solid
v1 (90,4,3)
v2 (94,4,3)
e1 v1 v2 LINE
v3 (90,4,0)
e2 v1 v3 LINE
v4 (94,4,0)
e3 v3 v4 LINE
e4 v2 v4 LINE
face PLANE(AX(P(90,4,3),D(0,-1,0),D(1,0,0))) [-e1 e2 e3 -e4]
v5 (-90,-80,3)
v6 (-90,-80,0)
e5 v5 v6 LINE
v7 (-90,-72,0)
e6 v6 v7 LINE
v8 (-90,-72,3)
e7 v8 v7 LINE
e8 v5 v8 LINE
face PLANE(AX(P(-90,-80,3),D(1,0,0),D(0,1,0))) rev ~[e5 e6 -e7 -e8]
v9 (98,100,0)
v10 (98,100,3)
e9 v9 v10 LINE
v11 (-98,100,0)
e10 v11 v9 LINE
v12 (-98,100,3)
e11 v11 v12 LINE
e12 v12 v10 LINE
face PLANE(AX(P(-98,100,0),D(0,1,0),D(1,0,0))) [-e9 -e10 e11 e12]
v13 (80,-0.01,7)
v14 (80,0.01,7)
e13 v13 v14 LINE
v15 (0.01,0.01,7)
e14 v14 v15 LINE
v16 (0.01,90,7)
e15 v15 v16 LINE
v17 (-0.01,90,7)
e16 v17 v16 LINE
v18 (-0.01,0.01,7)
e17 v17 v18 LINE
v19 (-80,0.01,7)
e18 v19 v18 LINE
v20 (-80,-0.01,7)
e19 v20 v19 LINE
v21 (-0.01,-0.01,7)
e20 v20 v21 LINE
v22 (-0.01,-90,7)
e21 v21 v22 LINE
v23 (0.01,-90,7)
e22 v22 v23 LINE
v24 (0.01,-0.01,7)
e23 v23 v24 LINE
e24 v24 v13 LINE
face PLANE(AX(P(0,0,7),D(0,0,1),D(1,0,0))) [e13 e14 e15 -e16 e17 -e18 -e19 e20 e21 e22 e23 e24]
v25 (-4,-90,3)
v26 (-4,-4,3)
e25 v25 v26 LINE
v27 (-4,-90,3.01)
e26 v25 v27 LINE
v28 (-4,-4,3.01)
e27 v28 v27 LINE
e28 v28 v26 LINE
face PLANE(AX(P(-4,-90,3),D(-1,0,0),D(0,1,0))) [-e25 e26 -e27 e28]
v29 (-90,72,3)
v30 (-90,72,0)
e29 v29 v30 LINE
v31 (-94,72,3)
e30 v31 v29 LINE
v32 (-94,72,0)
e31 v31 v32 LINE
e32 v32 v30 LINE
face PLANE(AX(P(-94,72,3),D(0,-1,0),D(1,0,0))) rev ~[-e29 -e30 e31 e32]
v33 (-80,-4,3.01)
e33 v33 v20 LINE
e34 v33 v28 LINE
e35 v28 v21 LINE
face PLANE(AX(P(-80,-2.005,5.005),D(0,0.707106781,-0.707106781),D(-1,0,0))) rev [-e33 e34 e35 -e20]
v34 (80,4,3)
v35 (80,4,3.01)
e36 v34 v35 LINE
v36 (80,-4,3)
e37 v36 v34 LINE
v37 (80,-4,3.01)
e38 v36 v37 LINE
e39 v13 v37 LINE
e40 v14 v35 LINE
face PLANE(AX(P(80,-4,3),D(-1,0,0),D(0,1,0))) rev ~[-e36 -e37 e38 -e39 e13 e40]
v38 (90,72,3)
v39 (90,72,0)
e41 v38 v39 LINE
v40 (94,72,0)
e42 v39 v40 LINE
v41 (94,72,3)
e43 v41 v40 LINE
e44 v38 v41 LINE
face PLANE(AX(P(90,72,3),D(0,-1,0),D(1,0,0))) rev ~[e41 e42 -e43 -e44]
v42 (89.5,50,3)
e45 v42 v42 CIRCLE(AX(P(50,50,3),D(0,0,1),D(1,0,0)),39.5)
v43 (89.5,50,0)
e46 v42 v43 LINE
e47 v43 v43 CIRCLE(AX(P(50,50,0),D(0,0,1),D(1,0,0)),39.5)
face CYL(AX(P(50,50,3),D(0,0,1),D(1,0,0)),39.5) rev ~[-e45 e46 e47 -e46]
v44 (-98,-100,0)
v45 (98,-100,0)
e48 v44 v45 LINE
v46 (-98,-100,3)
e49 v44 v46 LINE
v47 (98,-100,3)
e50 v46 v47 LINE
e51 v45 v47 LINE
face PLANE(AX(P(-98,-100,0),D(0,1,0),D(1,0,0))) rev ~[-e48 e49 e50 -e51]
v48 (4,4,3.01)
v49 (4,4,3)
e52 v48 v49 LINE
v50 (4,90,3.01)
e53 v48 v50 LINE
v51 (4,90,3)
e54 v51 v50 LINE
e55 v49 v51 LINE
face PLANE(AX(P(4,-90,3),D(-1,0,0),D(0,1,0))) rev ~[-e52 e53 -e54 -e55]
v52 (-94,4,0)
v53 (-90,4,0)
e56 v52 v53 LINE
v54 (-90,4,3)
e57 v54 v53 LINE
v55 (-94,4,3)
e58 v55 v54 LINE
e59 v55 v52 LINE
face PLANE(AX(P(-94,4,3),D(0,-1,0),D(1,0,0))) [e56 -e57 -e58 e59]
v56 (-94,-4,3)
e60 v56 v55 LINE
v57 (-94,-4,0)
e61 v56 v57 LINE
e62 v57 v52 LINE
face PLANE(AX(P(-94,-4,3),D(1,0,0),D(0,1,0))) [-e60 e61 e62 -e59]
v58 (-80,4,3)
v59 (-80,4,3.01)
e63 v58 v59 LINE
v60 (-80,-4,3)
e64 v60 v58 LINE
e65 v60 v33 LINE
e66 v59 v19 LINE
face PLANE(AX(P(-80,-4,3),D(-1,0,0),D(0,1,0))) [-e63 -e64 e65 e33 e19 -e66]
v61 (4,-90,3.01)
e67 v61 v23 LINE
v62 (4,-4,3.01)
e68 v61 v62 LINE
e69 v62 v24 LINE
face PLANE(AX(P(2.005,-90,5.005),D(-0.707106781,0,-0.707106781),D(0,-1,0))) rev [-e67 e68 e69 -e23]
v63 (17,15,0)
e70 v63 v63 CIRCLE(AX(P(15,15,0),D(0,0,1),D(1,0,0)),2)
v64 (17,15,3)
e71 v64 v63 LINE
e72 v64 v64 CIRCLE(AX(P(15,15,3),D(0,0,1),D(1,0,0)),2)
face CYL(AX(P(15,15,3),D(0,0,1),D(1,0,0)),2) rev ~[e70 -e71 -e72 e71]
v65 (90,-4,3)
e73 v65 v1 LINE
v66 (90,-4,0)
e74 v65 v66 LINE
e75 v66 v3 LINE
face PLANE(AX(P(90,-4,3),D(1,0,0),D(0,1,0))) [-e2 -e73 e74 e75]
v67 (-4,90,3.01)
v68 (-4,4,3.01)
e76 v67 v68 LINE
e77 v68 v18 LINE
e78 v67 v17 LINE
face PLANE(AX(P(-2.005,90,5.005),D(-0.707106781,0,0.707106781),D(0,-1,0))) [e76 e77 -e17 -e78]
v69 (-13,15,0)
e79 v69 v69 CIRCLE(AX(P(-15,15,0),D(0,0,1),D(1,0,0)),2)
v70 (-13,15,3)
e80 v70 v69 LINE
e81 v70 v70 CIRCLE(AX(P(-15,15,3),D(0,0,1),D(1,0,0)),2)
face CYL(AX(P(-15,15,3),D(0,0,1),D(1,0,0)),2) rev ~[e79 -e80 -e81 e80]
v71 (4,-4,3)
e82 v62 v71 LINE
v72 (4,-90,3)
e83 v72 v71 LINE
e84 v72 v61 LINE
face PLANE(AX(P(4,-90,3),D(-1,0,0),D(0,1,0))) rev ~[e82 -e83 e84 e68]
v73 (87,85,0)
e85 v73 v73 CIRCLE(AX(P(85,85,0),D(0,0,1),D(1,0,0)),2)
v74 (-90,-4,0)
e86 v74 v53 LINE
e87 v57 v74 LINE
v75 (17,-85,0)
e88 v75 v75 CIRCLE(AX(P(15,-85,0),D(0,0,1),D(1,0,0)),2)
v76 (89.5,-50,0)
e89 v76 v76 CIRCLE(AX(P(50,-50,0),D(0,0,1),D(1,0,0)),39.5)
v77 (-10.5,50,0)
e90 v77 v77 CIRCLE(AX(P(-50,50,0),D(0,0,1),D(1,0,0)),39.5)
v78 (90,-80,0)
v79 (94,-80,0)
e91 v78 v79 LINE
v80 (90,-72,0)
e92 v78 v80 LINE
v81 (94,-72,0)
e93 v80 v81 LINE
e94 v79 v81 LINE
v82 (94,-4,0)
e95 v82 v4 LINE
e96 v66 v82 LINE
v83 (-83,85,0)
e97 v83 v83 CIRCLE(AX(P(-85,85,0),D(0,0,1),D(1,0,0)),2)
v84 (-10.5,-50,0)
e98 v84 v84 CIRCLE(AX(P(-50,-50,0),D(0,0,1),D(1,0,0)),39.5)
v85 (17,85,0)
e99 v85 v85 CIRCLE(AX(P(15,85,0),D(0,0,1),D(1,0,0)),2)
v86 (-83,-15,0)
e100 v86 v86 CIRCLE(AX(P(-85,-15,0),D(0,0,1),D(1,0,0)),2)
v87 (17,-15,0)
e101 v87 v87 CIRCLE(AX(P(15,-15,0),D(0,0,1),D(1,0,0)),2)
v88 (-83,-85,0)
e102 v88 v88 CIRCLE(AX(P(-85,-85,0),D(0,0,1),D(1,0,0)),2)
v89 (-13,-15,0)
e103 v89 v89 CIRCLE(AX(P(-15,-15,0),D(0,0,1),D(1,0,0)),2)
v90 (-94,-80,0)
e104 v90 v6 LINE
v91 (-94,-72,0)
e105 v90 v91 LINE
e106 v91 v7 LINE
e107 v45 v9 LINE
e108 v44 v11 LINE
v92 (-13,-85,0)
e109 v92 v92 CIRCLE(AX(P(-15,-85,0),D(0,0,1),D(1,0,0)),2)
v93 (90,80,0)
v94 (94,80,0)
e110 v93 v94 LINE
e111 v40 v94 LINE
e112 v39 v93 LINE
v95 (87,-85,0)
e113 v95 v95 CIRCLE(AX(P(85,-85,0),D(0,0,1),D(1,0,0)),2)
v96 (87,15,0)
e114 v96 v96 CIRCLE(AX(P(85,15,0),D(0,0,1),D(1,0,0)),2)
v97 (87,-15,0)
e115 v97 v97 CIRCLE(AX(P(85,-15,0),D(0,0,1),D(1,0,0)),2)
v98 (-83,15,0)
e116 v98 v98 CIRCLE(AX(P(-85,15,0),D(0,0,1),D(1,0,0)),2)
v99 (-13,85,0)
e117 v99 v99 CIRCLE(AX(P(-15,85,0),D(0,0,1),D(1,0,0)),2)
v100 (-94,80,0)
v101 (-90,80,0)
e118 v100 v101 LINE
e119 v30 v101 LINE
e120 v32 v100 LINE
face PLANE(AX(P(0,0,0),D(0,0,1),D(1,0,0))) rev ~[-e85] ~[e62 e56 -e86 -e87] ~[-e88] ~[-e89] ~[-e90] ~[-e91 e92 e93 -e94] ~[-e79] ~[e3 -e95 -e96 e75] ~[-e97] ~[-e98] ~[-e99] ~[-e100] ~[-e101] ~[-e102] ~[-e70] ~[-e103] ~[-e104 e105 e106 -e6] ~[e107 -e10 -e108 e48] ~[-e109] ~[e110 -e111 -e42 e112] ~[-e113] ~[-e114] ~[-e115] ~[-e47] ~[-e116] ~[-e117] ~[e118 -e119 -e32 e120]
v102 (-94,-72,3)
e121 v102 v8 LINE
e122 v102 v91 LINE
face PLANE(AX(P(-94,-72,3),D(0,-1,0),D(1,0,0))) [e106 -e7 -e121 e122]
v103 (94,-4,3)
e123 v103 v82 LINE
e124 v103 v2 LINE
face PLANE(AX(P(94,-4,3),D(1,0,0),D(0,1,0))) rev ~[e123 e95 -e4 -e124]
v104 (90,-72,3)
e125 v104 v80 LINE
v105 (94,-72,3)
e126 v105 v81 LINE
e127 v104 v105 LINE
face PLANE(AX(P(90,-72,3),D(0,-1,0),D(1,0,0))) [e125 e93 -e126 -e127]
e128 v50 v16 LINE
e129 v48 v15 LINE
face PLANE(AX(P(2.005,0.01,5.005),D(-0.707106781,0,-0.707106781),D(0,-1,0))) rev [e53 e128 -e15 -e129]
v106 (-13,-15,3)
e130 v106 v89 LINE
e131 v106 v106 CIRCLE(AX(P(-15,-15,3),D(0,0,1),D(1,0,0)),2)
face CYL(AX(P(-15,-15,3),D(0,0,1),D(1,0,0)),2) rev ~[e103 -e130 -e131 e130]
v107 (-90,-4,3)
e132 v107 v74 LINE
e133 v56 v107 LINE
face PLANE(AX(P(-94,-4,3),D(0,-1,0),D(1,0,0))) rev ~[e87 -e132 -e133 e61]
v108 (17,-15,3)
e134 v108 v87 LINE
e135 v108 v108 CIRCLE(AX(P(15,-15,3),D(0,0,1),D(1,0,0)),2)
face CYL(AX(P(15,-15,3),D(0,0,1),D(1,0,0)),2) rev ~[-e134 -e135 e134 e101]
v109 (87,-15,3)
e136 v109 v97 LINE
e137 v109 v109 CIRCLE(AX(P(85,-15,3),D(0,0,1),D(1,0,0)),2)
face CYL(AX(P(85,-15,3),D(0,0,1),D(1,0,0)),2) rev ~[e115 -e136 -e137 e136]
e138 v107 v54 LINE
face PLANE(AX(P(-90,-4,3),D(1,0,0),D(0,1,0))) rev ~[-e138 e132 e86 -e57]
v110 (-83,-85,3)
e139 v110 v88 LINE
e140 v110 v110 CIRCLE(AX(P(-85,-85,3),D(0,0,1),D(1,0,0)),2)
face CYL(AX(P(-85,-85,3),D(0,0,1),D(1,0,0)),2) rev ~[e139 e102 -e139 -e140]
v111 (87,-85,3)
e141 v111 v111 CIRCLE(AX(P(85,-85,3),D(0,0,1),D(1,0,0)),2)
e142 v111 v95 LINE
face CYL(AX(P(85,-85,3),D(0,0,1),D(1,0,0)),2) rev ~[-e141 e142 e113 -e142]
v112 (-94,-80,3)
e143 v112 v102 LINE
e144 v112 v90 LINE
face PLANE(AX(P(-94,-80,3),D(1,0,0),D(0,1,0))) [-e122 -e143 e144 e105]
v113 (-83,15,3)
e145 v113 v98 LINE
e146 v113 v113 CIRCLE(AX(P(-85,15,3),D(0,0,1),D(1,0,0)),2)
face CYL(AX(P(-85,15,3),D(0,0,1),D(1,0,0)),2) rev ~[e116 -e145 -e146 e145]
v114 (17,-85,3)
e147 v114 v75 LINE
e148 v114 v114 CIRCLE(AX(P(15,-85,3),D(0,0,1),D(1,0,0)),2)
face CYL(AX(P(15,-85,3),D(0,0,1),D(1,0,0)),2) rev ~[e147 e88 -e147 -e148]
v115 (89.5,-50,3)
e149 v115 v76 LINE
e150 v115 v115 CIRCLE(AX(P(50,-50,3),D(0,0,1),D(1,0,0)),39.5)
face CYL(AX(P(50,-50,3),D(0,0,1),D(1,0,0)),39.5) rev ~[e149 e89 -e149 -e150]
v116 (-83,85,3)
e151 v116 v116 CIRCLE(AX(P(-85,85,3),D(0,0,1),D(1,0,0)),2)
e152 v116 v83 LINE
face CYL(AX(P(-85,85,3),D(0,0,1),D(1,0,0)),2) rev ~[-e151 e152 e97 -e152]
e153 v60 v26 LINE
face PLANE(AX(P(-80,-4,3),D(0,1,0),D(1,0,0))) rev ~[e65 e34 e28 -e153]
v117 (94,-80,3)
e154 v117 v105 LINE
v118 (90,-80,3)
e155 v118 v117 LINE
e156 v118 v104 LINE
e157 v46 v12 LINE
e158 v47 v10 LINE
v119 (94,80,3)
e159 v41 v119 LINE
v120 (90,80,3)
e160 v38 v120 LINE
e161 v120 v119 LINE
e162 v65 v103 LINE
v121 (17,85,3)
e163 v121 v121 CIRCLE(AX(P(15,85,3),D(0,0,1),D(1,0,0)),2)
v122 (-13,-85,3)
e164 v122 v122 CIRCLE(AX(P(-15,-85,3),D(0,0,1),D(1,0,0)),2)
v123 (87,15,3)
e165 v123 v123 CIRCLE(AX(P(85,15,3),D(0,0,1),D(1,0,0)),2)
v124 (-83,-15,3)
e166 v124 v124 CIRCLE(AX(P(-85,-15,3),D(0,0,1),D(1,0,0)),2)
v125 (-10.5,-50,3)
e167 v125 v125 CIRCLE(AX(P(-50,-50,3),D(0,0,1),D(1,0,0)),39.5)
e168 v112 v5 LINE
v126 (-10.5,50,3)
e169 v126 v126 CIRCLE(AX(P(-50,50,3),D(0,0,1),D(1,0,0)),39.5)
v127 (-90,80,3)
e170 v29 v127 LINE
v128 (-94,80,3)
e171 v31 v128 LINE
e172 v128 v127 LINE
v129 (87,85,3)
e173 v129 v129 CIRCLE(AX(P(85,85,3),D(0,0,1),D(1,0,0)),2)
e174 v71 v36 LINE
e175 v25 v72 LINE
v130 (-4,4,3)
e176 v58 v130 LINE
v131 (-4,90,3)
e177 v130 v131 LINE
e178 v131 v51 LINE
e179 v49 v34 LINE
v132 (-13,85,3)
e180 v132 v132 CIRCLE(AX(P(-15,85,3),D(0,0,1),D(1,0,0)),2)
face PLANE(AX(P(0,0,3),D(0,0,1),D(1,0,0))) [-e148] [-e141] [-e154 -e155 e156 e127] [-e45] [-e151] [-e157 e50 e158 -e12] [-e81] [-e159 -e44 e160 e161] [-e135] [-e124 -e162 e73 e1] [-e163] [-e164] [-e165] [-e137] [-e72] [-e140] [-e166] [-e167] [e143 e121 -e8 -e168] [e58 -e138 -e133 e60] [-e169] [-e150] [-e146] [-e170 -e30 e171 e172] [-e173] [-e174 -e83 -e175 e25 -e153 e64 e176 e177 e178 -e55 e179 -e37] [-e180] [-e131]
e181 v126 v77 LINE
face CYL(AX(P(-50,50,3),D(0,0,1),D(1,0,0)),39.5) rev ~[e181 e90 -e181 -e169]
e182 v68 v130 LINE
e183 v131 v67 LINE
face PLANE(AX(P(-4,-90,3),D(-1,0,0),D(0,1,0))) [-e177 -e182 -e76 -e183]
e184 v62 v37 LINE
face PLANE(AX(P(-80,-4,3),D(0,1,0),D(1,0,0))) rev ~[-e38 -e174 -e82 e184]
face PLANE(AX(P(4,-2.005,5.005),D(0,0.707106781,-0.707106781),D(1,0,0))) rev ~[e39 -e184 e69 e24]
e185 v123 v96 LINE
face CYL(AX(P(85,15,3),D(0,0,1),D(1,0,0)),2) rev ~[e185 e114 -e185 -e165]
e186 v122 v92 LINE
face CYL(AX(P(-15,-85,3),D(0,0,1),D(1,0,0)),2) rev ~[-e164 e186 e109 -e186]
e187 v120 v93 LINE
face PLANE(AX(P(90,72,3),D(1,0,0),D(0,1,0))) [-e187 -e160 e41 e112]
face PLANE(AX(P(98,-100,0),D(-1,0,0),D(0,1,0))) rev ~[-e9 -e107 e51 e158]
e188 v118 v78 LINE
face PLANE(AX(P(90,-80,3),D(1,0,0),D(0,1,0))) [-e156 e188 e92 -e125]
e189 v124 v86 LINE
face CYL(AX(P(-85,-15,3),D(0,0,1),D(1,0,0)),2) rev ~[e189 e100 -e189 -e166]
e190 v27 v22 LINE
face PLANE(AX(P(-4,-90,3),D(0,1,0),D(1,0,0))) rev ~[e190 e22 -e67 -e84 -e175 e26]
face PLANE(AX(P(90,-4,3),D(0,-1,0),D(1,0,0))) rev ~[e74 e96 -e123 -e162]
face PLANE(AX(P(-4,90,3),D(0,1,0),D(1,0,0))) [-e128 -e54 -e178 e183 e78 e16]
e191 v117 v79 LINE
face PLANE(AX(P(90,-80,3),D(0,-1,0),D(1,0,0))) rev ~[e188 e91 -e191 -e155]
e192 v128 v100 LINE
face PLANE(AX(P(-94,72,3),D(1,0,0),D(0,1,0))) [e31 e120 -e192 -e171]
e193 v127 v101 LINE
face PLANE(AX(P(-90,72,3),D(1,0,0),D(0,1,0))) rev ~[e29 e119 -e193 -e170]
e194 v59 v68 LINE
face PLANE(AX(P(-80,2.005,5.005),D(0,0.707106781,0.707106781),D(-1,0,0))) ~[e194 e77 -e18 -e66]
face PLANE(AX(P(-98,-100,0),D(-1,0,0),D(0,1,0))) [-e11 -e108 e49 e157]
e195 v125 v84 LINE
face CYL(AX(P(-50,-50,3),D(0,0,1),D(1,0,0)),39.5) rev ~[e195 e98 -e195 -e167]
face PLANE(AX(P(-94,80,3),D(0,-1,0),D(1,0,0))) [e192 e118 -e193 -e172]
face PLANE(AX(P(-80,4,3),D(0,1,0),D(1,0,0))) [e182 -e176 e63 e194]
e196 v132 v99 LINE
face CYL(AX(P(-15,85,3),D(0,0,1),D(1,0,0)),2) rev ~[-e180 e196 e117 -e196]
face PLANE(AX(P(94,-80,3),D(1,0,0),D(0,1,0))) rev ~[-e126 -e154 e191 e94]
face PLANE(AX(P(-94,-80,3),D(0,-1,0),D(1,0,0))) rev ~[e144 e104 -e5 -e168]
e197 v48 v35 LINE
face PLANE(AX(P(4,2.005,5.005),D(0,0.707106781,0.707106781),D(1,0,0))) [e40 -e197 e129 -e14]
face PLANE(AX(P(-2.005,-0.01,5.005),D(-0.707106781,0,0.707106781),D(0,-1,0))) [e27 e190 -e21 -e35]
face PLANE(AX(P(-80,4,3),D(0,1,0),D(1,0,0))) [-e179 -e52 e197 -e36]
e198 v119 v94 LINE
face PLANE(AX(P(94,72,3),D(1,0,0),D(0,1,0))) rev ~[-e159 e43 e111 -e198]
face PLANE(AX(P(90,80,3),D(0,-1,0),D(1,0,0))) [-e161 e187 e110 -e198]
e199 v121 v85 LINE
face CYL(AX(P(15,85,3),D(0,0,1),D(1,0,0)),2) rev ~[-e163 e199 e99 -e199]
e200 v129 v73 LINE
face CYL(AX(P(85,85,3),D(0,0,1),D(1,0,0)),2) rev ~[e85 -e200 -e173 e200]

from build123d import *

# Parameters (mm, degrees)
SKETCH_W        = 196
SKETCH_H        = 200
PAD_DEPTH       = 3
SKETCH001_R     = 39.5
SKETCH001_R_2   = 2
POCKET_DEPTH    = 5
SKETCH002_W     = 4
SKETCH002_H     = 8
POCKET001_DEPTH = 5
SKETCH003_W     = 8
SKETCH003_H     = 180
PAD001_DEPTH    = 4
SKETCH004_W     = 160
SKETCH004_H     = 8
PAD002_DEPTH    = 4
CHAMFER_SIZE    = 3.99
CHAMFER001_SIZE = 3.99


with BuildPart() as part:
    # Sketch → Pad (new body)
    with BuildSketch(Plane.XY):
        Rectangle(SKETCH_W, SKETCH_H)
    extrude(amount=PAD_DEPTH)

    # Sketch001 (on Face6 of Pad) → Pocket (cut)
    with BuildSketch(Plane.XY.offset(3)):
        with Locations((-50, 50)):
            Circle(SKETCH001_R)
        with Locations((50, 50)):
            Circle(SKETCH001_R)
        with Locations((50, -50)):
            Circle(SKETCH001_R)
        with Locations((-50, -50)):
            Circle(SKETCH001_R)
        with Locations((-85, 85)):
            Circle(SKETCH001_R_2)
        with Locations((-15, 85)):
            Circle(SKETCH001_R_2)
        with Locations((-85, 15)):
            Circle(SKETCH001_R_2)
        with Locations((-15, 15)):
            Circle(SKETCH001_R_2)
        with Locations((15, 15)):
            Circle(SKETCH001_R_2)
        with Locations((15, 85)):
            Circle(SKETCH001_R_2)
        with Locations((85, 85)):
            Circle(SKETCH001_R_2)
        with Locations((85, 15)):
            Circle(SKETCH001_R_2)
        with Locations((85, -15)):
            Circle(SKETCH001_R_2)
        with Locations((15, -15)):
            Circle(SKETCH001_R_2)
        with Locations((15, -85)):
            Circle(SKETCH001_R_2)
        with Locations((85, -85)):
            Circle(SKETCH001_R_2)
        with Locations((-15, -85)):
            Circle(SKETCH001_R_2)
        with Locations((-85, -15)):
            Circle(SKETCH001_R_2)
        with Locations((-15, -15)):
            Circle(SKETCH001_R_2)
        with Locations((-85, -85)):
            Circle(SKETCH001_R_2)
    extrude(amount=-POCKET_DEPTH, mode=Mode.SUBTRACT)

    # Sketch002 (on Face5 of Pocket) → Pocket001 (cut)
    with BuildSketch(Plane.XY.offset(3)):
        with Locations((92, 76)):
            Rectangle(SKETCH002_W, SKETCH002_H)
        with Locations((92, -76)):
            Rectangle(SKETCH002_W, SKETCH002_H)
        with Locations((92, 0)):
            Rectangle(SKETCH002_W, SKETCH002_H)
        with Locations((-92, 0)):
            Rectangle(SKETCH002_W, SKETCH002_H)
        with Locations((-92, 76)):
            Rectangle(SKETCH002_W, SKETCH002_H)
        with Locations((-92, -76)):
            Rectangle(SKETCH002_W, SKETCH002_H)
    extrude(amount=-POCKET001_DEPTH, mode=Mode.SUBTRACT)

    # Sketch003 (on Face5 of Pocket001) → Pad001 (join)
    with BuildSketch(Plane.XY.offset(3)):
        Rectangle(SKETCH003_W, SKETCH003_H)
    extrude(amount=PAD001_DEPTH)

    # Sketch004 (on Face5 of Pad001) → Pad002 (join)
    with BuildSketch(Plane.XY.offset(3)):
        Rectangle(SKETCH004_W, SKETCH004_H)
    extrude(amount=PAD002_DEPTH)

    # Chamfer
    chamfer_edges = [part.edges().sort_by_distance(p)[0] for p in [
        (-42, -4, 7),
        (-42, 4, 7),
        (42, 4, 7),
        (42, -4, 7),
    ]]
    chamfer(chamfer_edges, length=CHAMFER_SIZE)

    # Chamfer001
    chamfer001_edges = [part.edges().sort_by_distance(p)[0] for p in [
        (-4, 47, 7),
        (4, 47, 7),
        (4, -47, 7),
        (-4, -47, 7),
    ]]
    chamfer(chamfer001_edges, length=CHAMFER001_SIZE)


solid = part.part
